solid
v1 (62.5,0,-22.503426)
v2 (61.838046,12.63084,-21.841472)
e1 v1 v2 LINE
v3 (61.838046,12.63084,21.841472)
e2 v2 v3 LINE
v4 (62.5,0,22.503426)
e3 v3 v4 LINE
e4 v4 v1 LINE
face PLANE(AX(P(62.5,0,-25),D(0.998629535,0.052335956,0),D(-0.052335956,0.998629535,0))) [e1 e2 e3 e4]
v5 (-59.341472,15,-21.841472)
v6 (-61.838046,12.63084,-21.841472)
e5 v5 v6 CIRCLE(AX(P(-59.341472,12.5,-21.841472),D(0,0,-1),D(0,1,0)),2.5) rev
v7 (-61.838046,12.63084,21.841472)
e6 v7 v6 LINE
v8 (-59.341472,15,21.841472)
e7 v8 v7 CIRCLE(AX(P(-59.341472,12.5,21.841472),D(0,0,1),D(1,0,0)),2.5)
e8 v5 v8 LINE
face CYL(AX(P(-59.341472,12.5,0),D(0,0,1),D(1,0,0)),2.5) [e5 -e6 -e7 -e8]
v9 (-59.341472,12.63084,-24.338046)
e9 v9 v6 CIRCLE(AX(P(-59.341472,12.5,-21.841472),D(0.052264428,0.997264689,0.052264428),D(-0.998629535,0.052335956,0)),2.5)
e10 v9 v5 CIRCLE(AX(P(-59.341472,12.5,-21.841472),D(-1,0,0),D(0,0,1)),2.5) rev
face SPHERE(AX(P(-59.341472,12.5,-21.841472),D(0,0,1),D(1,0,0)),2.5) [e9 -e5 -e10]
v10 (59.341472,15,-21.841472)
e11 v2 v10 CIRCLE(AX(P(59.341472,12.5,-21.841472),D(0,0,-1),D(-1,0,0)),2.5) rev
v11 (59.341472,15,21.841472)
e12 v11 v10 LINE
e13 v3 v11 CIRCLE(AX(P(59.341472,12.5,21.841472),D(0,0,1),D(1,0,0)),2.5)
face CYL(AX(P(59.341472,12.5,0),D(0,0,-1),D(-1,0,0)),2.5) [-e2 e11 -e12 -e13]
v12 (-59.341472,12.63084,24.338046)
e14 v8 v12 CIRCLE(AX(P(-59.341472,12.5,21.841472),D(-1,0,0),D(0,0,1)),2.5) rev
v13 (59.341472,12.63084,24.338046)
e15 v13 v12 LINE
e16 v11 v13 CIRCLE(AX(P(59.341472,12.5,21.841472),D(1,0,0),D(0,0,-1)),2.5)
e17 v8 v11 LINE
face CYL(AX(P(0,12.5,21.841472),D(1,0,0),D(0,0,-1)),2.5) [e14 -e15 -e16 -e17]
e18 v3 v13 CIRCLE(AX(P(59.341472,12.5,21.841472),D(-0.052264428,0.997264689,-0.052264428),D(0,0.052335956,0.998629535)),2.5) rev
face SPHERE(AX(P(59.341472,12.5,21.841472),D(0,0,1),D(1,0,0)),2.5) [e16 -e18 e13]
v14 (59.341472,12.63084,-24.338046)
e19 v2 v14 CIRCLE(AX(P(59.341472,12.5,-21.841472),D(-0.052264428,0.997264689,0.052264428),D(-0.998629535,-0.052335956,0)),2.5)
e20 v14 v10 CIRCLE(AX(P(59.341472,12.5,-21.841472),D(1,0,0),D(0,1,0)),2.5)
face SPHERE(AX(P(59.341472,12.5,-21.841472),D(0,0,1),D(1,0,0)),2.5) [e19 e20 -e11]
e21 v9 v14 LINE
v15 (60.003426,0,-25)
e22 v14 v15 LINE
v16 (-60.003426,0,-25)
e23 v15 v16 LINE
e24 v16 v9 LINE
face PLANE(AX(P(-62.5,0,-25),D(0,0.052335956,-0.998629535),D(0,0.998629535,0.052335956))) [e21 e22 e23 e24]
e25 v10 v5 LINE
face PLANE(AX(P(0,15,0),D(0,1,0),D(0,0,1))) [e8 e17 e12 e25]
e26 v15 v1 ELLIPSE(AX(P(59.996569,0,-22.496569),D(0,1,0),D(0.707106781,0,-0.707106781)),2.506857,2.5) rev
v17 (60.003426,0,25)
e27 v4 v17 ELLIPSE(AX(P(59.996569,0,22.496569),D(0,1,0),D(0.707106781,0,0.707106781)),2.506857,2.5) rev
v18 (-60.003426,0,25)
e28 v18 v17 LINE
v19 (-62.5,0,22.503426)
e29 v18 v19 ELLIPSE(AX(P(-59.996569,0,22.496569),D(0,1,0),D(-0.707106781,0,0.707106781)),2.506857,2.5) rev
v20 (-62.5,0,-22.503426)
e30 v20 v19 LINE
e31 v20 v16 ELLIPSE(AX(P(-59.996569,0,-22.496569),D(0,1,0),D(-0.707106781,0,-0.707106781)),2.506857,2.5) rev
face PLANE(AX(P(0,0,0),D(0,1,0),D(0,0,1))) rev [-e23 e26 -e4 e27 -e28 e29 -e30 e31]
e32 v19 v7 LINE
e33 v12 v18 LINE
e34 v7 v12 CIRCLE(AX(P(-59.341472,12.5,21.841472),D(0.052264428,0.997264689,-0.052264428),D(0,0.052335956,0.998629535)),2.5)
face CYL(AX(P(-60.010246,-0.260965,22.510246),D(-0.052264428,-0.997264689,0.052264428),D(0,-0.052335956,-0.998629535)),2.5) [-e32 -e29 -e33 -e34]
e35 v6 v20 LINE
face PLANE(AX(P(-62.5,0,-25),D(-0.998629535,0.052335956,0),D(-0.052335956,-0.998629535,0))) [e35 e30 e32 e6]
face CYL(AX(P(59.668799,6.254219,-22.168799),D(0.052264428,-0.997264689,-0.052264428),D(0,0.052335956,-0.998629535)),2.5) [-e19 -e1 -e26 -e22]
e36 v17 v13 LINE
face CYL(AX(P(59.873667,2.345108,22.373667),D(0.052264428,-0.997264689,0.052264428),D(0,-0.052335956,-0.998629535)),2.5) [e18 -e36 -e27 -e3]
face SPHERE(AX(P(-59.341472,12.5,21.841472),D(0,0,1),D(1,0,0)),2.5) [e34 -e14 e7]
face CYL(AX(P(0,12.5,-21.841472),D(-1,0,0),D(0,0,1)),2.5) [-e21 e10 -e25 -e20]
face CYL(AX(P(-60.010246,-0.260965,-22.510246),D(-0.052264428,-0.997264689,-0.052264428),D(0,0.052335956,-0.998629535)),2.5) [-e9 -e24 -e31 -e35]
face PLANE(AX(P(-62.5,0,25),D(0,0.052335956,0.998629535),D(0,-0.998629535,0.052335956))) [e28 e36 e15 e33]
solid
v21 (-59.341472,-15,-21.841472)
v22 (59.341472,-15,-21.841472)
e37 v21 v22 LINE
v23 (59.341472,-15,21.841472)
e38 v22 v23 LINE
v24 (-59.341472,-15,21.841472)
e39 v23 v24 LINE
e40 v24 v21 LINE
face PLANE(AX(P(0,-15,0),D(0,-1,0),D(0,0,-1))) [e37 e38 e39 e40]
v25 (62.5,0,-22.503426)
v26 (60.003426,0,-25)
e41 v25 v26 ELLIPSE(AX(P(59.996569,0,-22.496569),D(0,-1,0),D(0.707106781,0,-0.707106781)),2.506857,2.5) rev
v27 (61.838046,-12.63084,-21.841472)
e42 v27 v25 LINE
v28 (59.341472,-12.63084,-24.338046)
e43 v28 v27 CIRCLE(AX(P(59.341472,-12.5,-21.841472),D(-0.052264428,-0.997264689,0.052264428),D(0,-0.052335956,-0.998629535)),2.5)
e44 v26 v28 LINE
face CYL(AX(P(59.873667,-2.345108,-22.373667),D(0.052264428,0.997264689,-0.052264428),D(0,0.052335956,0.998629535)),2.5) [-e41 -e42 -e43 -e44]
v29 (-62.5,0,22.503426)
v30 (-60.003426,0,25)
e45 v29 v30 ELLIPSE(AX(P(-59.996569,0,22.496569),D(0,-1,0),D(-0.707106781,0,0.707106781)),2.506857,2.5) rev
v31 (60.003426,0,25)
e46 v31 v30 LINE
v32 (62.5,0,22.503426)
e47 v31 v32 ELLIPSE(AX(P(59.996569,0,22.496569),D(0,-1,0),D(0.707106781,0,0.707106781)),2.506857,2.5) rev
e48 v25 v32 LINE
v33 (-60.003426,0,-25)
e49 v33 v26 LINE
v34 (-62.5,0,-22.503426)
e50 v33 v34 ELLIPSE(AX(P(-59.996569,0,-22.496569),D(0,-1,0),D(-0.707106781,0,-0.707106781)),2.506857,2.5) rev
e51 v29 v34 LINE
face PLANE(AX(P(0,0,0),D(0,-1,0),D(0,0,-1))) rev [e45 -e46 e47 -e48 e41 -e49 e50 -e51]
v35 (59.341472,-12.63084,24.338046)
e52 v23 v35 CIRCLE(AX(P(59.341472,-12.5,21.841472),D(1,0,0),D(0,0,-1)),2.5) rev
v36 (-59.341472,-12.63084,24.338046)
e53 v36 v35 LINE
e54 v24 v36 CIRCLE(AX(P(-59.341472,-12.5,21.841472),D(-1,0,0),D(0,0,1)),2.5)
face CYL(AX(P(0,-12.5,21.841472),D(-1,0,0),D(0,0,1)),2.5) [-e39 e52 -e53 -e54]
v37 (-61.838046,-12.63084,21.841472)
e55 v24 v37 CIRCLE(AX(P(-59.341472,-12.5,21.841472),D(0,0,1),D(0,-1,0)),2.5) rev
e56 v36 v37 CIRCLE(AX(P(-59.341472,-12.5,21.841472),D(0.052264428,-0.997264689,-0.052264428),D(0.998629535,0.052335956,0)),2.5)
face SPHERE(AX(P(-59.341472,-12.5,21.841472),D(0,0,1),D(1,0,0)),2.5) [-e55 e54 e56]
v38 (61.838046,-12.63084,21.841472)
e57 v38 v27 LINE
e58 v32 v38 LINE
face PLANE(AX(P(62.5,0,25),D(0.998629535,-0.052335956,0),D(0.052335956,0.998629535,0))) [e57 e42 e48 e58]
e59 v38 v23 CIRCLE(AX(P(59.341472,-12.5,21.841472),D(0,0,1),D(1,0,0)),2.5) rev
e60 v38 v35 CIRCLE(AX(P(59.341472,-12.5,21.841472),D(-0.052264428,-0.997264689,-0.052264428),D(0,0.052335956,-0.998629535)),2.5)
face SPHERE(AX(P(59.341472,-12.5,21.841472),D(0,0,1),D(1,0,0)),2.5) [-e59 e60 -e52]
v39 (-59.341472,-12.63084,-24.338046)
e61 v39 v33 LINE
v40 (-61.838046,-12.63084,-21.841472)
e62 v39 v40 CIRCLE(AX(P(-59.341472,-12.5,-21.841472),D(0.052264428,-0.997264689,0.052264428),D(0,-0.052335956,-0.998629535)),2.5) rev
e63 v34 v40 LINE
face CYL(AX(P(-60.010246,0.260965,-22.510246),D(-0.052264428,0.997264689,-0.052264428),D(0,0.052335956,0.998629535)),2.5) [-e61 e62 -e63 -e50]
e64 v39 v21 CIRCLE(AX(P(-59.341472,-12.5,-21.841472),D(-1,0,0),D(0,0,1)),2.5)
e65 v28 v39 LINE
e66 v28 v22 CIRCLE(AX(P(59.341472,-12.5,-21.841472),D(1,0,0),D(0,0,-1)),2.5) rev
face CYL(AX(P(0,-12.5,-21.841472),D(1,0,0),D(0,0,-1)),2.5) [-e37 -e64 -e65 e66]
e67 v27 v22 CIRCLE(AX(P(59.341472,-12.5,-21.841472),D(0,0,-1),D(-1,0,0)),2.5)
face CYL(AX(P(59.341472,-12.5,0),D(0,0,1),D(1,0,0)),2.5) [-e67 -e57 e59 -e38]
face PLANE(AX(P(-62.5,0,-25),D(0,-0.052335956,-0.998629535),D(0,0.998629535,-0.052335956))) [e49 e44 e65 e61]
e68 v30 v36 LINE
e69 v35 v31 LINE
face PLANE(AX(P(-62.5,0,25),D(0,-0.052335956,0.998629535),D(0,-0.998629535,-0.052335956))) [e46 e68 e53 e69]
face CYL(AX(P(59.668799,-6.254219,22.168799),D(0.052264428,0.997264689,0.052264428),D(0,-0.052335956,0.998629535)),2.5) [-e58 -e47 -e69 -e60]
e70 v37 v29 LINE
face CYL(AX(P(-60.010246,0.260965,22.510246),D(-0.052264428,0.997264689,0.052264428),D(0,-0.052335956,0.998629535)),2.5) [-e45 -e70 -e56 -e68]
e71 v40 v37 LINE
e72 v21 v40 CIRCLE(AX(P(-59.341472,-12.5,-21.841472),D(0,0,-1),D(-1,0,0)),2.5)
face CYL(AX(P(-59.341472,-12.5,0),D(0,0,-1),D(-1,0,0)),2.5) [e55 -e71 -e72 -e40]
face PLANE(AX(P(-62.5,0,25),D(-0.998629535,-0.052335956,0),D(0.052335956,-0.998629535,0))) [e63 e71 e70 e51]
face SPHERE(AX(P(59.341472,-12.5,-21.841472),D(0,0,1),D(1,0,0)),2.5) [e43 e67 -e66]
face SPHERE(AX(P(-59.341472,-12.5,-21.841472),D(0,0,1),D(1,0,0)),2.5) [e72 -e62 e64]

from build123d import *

# Parameters (mm, degrees)
SKETCH1_W           = 125
SKETCH1_H           = 50
BOSS_EXTRUDE1_DEPTH = 15
BOSS_EXTRUDE1_TAPER = 3
FILLET1_R           = 2.5
SKETCH2_W           = 125
SKETCH2_H           = 50
BOSS_EXTRUDE2_DEPTH = 15
BOSS_EXTRUDE2_TAPER = 3
FILLET2_R           = 2.5


with BuildPart() as part:
    # Sketch1 → Boss-Extrude1 (new body)
    with BuildSketch(Plane(origin=(0, 0, 0), x_dir=(1, 0, 0), z_dir=(0, 1, 0))):
        Rectangle(SKETCH1_W, SKETCH1_H)
    extrude(amount=BOSS_EXTRUDE1_DEPTH, taper=BOSS_EXTRUDE1_TAPER)

    # Fillet1
    fillet1_edges = [part.edges().sort_by_distance(p)[0] for p in [
        (-61.713883311, 15, 0),
        (0, 15, 24.213883311),
        (61.713883311, 15, 0),
        (0, 15, -24.213883311),
        (62.106941655, 7.5, 24.606941655),
        (-62.106941655, 7.5, 24.606941655),
        (-62.106941655, 7.5, -24.606941655),
        (62.106941655, 7.5, -24.606941655),
    ]]
    fillet(fillet1_edges, radius=FILLET1_R)


with BuildPart() as body_2:
    # Sketch2 → Boss-Extrude2 (new body)
    with BuildSketch(Plane.XZ):
        Rectangle(SKETCH2_W, SKETCH2_H)
    extrude(amount=BOSS_EXTRUDE2_DEPTH, taper=BOSS_EXTRUDE2_TAPER)

    # Fillet2
    fillet2_edges = [body_2.edges().sort_by_distance(p)[0] for p in [
        (-61.713883311, -15, 0),
        (0, -15, -24.213883311),
        (61.713883311, -15, 0),
        (0, -15, 24.213883311),
        (62.106941655, -7.5, -24.606941655),
        (-62.106941655, -7.5, -24.606941655),
        (-62.106941655, -7.5, 24.606941655),
        (62.106941655, -7.5, 24.606941655),
    ]]
    fillet(fillet2_edges, radius=FILLET2_R)


solid = Compound([part.part, body_2.part])
